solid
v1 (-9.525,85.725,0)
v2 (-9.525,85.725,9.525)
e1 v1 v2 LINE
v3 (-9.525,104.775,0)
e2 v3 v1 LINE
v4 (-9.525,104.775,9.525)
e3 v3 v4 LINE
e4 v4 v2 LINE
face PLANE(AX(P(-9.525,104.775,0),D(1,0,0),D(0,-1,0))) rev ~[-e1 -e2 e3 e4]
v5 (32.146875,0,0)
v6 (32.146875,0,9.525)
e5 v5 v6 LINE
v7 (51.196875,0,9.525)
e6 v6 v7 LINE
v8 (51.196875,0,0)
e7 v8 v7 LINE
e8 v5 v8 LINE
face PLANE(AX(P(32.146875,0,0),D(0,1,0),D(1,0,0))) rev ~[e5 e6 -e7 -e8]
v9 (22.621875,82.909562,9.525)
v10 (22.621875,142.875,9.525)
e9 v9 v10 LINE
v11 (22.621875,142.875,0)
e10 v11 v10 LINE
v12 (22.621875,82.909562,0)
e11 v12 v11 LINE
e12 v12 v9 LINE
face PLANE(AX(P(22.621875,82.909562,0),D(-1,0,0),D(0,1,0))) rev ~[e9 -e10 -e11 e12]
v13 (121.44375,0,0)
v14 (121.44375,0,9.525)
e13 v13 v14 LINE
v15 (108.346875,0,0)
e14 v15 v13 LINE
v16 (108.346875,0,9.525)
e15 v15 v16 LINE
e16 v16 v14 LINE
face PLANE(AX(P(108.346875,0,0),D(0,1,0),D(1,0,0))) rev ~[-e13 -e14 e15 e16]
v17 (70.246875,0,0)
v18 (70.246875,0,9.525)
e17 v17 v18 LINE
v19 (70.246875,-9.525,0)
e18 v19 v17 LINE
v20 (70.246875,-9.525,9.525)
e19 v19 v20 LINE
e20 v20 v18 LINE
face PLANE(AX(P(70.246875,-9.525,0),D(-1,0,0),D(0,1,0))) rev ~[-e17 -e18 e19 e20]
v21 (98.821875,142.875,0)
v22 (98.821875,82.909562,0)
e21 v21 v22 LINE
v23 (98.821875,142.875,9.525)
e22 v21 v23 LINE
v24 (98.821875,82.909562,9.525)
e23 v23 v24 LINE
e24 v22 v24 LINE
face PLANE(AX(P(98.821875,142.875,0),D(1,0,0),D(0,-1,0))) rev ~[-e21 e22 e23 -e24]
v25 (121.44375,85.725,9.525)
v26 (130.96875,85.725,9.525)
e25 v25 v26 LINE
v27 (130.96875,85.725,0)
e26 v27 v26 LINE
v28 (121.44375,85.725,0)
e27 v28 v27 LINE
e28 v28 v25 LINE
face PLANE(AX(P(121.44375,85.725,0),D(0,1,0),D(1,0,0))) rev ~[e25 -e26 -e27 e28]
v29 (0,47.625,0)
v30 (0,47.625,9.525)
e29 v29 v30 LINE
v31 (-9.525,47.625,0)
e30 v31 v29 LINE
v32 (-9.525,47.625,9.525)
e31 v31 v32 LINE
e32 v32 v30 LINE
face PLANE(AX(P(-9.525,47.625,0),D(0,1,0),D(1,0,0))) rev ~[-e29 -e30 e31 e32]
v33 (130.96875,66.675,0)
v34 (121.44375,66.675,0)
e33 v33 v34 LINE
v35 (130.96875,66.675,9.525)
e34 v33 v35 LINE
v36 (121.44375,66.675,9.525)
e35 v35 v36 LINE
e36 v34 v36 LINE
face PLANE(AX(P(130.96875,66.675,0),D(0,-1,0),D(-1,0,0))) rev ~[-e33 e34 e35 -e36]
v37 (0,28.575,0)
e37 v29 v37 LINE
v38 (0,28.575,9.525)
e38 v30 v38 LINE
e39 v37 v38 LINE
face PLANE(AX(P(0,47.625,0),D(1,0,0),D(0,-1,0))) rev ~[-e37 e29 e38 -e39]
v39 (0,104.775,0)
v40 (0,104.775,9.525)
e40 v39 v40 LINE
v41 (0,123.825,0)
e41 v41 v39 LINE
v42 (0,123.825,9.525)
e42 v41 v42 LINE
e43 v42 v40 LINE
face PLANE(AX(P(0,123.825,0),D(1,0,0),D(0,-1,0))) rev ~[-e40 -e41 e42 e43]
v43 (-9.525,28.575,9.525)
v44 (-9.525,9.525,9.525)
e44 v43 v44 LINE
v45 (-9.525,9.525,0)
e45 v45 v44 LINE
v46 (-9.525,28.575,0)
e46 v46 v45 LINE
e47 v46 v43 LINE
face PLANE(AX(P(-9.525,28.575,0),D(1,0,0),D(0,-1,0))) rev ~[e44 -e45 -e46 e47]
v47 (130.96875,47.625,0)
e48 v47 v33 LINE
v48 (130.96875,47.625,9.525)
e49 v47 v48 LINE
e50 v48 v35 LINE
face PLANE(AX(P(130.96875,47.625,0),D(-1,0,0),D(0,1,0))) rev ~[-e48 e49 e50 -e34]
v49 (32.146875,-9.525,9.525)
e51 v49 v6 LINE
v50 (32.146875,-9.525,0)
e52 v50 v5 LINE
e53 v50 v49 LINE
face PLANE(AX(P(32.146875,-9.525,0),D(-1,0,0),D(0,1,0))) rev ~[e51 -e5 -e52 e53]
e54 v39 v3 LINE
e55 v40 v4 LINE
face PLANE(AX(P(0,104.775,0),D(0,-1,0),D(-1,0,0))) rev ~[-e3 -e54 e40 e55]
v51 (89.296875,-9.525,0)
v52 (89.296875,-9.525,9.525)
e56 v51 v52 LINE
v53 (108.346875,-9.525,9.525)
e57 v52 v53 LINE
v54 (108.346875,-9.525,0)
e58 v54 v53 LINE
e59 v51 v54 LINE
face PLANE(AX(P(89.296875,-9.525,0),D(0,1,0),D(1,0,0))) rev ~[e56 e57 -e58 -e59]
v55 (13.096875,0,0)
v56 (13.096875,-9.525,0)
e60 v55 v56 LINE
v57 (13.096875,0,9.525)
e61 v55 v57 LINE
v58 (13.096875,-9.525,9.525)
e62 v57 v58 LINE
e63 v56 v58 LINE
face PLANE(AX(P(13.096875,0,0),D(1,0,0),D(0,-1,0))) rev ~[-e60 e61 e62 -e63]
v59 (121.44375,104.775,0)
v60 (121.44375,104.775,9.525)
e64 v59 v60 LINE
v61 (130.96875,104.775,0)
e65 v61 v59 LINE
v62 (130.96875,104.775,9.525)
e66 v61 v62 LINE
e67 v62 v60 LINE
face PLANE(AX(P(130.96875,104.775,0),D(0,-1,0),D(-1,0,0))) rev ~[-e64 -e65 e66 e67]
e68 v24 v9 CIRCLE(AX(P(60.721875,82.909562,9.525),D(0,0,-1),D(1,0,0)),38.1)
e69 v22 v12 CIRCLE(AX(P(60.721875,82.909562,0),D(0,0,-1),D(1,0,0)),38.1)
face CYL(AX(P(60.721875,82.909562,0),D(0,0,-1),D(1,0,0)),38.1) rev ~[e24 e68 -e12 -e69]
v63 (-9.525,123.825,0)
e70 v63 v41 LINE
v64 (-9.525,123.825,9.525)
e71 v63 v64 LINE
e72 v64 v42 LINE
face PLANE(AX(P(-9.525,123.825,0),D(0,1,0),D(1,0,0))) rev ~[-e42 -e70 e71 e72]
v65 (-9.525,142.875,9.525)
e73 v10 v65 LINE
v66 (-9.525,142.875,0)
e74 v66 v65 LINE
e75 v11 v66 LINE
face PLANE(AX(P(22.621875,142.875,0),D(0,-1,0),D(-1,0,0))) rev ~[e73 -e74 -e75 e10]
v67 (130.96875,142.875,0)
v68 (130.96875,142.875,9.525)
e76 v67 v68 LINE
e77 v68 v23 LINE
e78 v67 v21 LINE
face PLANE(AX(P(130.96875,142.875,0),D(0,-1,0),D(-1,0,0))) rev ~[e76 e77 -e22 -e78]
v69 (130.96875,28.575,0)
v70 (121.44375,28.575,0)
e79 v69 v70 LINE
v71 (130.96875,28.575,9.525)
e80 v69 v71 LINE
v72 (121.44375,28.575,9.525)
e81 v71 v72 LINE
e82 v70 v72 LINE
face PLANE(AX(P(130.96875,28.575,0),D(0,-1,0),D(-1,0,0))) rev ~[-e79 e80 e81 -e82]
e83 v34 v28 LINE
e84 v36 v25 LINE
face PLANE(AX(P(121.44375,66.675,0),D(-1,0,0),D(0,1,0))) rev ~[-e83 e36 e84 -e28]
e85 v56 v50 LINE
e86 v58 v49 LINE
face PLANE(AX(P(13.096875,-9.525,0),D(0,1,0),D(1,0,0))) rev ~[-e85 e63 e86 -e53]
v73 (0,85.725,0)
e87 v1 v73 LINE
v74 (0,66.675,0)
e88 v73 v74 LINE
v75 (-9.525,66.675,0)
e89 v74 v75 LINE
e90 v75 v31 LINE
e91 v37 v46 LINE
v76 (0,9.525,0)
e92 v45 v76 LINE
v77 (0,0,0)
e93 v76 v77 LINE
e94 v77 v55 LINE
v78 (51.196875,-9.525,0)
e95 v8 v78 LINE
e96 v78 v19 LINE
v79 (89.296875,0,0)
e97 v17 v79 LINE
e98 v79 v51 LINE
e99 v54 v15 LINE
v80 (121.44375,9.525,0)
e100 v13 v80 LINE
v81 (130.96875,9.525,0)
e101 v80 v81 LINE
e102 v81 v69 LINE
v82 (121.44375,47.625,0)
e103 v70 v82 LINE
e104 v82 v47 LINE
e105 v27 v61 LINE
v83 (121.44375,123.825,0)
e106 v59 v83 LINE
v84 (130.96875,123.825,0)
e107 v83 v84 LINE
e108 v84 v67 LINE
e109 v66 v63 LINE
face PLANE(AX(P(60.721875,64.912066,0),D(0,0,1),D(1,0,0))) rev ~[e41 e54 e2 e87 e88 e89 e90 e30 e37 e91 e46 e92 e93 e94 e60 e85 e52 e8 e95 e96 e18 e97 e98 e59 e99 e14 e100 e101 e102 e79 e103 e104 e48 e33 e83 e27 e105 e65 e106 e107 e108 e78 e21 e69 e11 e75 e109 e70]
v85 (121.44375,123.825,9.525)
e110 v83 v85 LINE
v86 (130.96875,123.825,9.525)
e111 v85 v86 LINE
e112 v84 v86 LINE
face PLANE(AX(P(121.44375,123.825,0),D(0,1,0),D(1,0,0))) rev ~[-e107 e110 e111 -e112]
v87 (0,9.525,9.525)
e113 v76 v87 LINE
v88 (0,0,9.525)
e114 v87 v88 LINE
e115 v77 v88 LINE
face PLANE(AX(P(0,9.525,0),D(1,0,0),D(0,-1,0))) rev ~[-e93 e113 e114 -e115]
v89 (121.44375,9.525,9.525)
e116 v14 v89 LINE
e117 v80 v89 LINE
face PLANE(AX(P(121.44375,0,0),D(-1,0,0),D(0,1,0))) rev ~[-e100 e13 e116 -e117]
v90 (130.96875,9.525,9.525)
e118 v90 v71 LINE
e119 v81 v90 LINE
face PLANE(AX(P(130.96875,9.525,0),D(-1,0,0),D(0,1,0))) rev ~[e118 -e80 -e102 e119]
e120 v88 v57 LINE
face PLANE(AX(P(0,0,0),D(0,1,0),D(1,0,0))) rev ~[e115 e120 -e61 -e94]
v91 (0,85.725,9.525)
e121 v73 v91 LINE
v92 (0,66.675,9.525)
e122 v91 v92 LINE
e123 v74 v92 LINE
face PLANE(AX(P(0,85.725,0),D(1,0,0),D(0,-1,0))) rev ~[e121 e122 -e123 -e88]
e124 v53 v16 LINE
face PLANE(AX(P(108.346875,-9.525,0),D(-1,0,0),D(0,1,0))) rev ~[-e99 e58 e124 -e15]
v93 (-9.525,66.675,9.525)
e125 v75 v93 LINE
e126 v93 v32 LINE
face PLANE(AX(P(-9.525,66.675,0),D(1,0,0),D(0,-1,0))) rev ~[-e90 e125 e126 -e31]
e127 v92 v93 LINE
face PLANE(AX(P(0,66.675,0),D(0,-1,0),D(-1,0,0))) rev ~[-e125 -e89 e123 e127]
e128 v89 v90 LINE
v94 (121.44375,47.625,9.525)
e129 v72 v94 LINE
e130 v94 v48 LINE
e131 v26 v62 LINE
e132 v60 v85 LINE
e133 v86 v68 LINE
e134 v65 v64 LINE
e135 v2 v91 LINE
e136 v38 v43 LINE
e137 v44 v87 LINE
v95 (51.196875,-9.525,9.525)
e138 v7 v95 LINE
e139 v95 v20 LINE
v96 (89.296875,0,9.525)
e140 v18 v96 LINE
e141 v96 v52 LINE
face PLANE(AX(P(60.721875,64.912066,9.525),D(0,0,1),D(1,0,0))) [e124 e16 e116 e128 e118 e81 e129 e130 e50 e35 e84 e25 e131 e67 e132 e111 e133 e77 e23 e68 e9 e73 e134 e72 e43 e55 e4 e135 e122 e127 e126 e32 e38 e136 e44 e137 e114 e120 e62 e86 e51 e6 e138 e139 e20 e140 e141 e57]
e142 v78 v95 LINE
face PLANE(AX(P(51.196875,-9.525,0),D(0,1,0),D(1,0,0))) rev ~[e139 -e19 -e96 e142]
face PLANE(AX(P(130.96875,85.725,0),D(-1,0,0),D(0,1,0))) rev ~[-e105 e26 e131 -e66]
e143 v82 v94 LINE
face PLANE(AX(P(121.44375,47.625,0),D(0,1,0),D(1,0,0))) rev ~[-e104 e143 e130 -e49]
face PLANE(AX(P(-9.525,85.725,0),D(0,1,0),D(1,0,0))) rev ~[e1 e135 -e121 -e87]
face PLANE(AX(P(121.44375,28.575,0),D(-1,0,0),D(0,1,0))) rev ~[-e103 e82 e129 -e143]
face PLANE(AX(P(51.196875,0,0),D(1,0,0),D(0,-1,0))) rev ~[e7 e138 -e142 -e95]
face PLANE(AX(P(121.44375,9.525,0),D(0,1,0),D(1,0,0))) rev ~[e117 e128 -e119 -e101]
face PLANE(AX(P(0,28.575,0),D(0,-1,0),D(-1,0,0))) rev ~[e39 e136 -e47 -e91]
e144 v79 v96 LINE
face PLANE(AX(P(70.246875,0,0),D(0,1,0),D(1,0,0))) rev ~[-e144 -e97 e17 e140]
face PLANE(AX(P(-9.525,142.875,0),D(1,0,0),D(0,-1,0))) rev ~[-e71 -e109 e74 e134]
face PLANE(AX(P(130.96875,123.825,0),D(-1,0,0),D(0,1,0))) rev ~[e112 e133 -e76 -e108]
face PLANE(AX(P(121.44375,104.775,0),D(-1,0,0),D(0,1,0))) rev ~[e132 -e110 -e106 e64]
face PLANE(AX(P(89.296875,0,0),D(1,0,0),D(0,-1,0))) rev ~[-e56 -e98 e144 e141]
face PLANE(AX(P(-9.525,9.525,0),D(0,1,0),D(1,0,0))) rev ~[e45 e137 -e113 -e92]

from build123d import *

# Parameters (mm, degrees)
F1_DEPTH = 9.525


with BuildPart() as f1:
    # F0 (on Top) → F1 (new body)
    with BuildSketch(Plane.XY):
        with BuildLine():
            Line((0, 9.525), (0, 0))
            Line((0, 0), (13.096875, 0))
            Line((13.096875, 0), (13.096875, -9.525))
            Line((13.096875, -9.525), (32.146875, -9.525))
            Line((32.146875, -9.525), (32.146875, 0))
            Line((32.146875, 0), (51.196875, 0))
            Line((51.196875, 0), (51.196875, -9.525))
            Line((51.196875, -9.525), (70.246875, -9.525))
            Line((70.246875, -9.525), (70.246875, 0))
            Line((70.246875, 0), (89.296875, 0))
            Line((89.296875, 0), (89.296875, -9.525))
            Line((89.296875, -9.525), (108.346875, -9.525))
            Line((108.346875, -9.525), (108.346875, 0))
            Line((108.346875, 0), (121.44375, 0))
            Line((121.44375, 0), (121.44375, 9.525))
            Line((121.44375, 9.525), (130.96875, 9.525))
            Line((130.96875, 9.525), (130.96875, 28.575))
            Line((130.96875, 28.575), (121.44375, 28.575))
            Line((121.44375, 28.575), (121.44375, 47.625))
            Line((121.44375, 47.625), (130.96875, 47.625))
            Line((130.96875, 47.625), (130.96875, 66.675))
            Line((130.96875, 66.675), (121.44375, 66.675))
            Line((121.44375, 66.675), (121.44375, 85.725))
            Line((121.44375, 85.725), (130.96875, 85.725))
            Line((130.96875, 85.725), (130.96875, 104.775))
            Line((130.96875, 104.775), (121.44375, 104.775))
            Line((121.44375, 104.775), (121.44375, 123.825))
            Line((121.44375, 123.825), (130.96875, 123.825))
            Line((130.96875, 123.825), (130.96875, 142.875))
            Line((130.96875, 142.875), (98.821875, 142.875))
            Line((98.821875, 142.875), (98.821875, 82.909562))
            ThreePointArc((98.821875, 82.909562), (60.721875, 44.809562), (22.621875, 82.909562))
            Line((22.621875, 82.909562), (22.621875, 142.875))
            Line((22.621875, 142.875), (-9.525, 142.875))
            Line((-9.525, 142.875), (-9.525, 123.825))
            Line((-9.525, 123.825), (0, 123.825))
            Line((0, 123.825), (0, 104.775))
            Line((0, 104.775), (-9.525, 104.775))
            Line((-9.525, 104.775), (-9.525, 85.725))
            Line((-9.525, 85.725), (0, 85.725))
            Line((0, 85.725), (0, 66.675))
            Line((0, 66.675), (-9.525, 66.675))
            Line((-9.525, 66.675), (-9.525, 47.625))
            Line((-9.525, 47.625), (0, 47.625))
            Line((0, 47.625), (0, 28.575))
            Line((0, 28.575), (-9.525, 28.575))
            Line((-9.525, 28.575), (-9.525, 9.525))
            Line((-9.525, 9.525), (0, 9.525))
        make_face()
    extrude(amount=F1_DEPTH)


solid = f1.part
